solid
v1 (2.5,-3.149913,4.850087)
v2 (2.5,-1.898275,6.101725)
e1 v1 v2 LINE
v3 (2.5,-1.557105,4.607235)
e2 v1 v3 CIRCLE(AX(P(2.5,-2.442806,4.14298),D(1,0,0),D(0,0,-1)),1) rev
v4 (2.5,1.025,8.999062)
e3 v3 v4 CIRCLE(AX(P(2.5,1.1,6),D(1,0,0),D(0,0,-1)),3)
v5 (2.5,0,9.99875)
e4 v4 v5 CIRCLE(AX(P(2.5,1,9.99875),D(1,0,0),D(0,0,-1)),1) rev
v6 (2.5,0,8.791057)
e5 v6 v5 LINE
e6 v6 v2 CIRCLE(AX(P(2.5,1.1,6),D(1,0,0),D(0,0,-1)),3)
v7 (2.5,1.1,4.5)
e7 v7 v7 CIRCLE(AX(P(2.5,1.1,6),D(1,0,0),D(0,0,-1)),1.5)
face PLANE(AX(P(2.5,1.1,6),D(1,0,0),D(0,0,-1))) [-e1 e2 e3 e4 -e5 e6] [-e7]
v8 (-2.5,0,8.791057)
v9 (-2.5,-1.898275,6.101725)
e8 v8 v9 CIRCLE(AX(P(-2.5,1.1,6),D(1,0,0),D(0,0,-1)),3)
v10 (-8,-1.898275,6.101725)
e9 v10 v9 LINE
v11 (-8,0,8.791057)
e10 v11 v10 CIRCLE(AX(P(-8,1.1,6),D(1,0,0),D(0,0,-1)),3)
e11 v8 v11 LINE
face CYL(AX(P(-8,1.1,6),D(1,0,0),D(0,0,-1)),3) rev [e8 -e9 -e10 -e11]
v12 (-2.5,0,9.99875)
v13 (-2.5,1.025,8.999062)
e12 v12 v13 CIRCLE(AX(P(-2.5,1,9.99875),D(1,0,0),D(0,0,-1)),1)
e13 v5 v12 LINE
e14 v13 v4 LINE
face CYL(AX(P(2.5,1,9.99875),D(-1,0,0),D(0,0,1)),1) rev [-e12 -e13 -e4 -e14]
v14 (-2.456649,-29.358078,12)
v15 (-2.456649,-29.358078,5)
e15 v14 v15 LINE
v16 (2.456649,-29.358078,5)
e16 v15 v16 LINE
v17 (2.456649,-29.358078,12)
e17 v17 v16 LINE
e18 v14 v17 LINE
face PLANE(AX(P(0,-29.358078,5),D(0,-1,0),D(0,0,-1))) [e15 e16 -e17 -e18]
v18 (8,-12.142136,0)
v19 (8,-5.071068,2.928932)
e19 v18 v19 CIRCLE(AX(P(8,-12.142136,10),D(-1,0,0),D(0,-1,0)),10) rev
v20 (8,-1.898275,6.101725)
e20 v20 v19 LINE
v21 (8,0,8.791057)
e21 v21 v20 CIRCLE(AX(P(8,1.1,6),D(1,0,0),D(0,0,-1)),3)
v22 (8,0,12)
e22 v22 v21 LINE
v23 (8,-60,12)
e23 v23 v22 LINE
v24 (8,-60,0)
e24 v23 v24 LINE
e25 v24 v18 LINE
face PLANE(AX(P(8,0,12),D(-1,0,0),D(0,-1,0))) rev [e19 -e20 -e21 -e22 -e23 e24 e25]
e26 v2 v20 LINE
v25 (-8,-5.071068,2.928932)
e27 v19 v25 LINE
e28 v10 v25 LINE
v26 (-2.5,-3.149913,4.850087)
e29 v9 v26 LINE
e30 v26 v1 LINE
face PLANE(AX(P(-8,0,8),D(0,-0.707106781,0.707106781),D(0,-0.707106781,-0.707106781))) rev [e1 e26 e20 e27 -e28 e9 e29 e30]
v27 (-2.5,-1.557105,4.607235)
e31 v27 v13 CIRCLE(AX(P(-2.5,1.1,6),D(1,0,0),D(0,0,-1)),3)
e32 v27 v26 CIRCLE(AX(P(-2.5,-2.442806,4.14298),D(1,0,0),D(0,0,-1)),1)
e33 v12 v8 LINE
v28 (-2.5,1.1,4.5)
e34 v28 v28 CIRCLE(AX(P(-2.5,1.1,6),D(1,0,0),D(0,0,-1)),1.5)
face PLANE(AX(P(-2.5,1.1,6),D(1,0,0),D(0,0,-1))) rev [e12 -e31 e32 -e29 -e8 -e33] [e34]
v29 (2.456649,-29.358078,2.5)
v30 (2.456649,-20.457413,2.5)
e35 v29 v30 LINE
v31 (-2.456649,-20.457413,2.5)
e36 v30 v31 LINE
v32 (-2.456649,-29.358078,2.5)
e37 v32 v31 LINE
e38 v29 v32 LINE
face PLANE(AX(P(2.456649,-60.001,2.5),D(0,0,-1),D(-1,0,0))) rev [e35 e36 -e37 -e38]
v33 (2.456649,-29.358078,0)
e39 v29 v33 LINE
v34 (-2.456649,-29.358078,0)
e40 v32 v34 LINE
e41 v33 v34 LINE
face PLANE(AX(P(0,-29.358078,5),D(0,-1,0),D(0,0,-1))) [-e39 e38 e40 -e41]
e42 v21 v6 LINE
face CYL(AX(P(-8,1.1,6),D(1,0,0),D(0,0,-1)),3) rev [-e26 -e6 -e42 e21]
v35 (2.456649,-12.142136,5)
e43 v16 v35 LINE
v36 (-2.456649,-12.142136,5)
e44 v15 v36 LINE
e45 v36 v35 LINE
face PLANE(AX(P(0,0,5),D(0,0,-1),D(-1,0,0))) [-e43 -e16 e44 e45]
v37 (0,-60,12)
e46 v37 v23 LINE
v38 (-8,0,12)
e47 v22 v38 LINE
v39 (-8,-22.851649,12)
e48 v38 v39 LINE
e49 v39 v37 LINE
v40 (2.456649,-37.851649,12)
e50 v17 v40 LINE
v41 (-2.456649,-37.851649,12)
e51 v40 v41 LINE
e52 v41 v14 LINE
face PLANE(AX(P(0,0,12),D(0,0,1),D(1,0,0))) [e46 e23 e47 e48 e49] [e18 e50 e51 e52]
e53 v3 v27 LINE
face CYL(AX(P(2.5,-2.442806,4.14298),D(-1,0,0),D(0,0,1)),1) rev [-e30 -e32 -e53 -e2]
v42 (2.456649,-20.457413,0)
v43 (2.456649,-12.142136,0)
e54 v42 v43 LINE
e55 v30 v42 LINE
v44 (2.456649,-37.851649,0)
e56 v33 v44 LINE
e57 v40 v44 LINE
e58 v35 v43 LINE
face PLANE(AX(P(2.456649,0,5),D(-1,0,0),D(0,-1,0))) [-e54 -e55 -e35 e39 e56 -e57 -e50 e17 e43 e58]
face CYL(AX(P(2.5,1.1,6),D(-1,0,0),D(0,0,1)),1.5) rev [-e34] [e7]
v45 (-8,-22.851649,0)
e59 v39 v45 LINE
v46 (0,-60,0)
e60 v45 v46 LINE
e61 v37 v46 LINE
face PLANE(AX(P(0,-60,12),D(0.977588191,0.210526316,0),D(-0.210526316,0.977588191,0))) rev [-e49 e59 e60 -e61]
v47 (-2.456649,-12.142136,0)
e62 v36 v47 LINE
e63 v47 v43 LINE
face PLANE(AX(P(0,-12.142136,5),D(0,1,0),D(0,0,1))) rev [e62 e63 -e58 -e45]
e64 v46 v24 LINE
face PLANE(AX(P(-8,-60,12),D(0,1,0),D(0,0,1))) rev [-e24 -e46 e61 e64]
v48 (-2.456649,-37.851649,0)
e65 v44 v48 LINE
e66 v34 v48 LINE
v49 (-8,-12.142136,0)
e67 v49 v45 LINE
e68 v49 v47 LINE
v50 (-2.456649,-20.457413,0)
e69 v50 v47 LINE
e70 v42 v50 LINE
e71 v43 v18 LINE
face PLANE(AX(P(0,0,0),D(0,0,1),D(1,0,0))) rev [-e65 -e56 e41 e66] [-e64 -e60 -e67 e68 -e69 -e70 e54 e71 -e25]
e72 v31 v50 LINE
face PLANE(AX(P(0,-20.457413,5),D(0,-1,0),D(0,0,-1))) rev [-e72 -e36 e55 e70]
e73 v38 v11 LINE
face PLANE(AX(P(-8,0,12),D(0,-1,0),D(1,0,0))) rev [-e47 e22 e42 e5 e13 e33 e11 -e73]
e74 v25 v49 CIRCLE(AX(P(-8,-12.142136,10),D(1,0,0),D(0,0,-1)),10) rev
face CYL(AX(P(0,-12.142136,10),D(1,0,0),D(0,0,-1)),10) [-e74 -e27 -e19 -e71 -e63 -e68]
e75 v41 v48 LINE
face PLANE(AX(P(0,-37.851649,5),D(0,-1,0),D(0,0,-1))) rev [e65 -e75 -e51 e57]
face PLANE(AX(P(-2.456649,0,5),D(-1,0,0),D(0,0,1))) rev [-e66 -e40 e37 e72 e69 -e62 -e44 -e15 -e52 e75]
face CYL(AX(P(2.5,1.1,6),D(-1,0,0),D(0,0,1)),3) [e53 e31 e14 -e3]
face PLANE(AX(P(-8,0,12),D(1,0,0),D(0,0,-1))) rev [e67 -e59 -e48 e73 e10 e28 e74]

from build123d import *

# Parameters (mm, degrees)
SKETCH1_W               = 16
SKETCH1_H               = 60
BOSS_EXTRUDE1_DEPTH     = 12
CUT_EXTRUDE1_DEPTH      = 62.708994482
CUT_EXTRUDE1_DEPTH_BACK = 62.708994482
CUT_EXTRUDE3_DEPTH      = 62.708994482
CUT_EXTRUDE3_DEPTH_BACK = 62.708994482
SKETCH4_R               = 3
SKETCH4_R_2             = 1.5
BOSS_EXTRUDE2_DEPTH     = 2.5
FILLET1_R               = 1
CUT_EXTRUDE4_DEPTH      = 62.708994482
FILLET2_R               = 10
SKETCH6_W               = 4.913298596
SKETCH6_H               = 8.315277322
SKETCH6_H_2             = 8.493571251
CUT_EXTRUDE5_DEPTH      = 5
SKETCH7_W               = 4.913298596
SKETCH7_H               = 8.493571251
CUT_EXTRUDE6_DEPTH      = 62.708994482
CUT_EXTRUDE7_REACH      = 44.091
SKETCH8_W               = 4.913298596
SKETCH8_H               = 2.5


with BuildPart() as part:
    # Sketch1 → Boss-Extrude1 (new body)
    with BuildSketch(Plane.XY):
        with Locations((0, -30)):
            Rectangle(SKETCH1_W, SKETCH1_H)
    extrude(amount=BOSS_EXTRUDE1_DEPTH)

    # Sketch2 → Cut-Extrude1 (cut, two sides: drawn at the far end of the back side and taken through both)
    with BuildSketch(Plane(origin=(0, 0, 0), x_dir=(0, 0, -1), z_dir=(1, 0, 0)).offset(-CUT_EXTRUDE1_DEPTH_BACK)):
        Polygon((-8, 0), (0, 0), (0, -8), align=None)
    extrude(amount=CUT_EXTRUDE1_DEPTH + CUT_EXTRUDE1_DEPTH_BACK, mode=Mode.SUBTRACT)

    # Sketch3 → Cut-Extrude3 (cut, two sides: drawn at the far end of the back side and taken through both)
    with BuildSketch(Plane(origin=(0, 0, 0), x_dir=(0, 0, -1), z_dir=(1, 0, 0)).offset(-CUT_EXTRUDE3_DEPTH_BACK)):
        with BuildLine():
            ThreePointArc((-3, 1.1), (-6.559834153, 4.04730143), (-8.791057147, 0))
            Line((-8.791057147, 0), (-7.019803903, 0))
            ThreePointArc((-7.019803903, 0), (-6.600122548, 2.474719218), (-4.5, 1.1))
            ThreePointArc((-4.5, 1.1), (-4.625280782, 0.499877452), (-4.980196097, 0))
            Line((-4.980196097, 0), (-3.208942853, 0))
            ThreePointArc((-3.208942853, 0), (-3.05269857, 0.540165847), (-3, 1.1))
        make_face()
        with BuildLine():
            Line((-7.019803903, 0), (-8.791057147, 0))
            ThreePointArc((-8.791057147, 0), (-6, -1.9), (-3.208942853, 0))
            Line((-3.208942853, 0), (-4.980196097, 0))
            ThreePointArc((-4.980196097, 0), (-6, -0.4), (-7.019803903, 0))
        make_face()
    extrude(amount=CUT_EXTRUDE3_DEPTH + CUT_EXTRUDE3_DEPTH_BACK, mode=Mode.SUBTRACT)

    # Sketch4 → Boss-Extrude2 (add, symmetric)
    with BuildSketch(Plane(origin=(0, 0, 0), x_dir=(0, 0, -1), z_dir=(1, 0, 0))):
        with Locations((-6, 1.1)):
            Circle(SKETCH4_R)
        with Locations((-6, 1.1)):
            Circle(SKETCH4_R_2, mode=Mode.SUBTRACT)
    extrude(amount=BOSS_EXTRUDE2_DEPTH, both=True)

    # Fillet1
    fillet1_edges = [part.edges().sort_by_distance(p)[0] for p in [
        (0, -1.898274836, 6.101725164),
        (0, 0, 8.791057147),
    ]]
    fillet(fillet1_edges, radius=FILLET1_R)

    # Sketch5 → Cut-Extrude4 (cut, through all)
    with BuildSketch(Plane(origin=(0, 0, 0), x_dir=(-1, 0, 0), z_dir=(0, 0, -1))):
        Polygon((0, -60), (8, -22.851648758), (8, -60), align=None)
    extrude(amount=-CUT_EXTRUDE4_DEPTH, mode=Mode.SUBTRACT)

    # Fillet2
    fillet2_edges = [part.edges().sort_by_distance(p)[0] for p in [
        (0, -8, 0),
    ]]
    fillet(fillet2_edges, radius=FILLET2_R)

    # Sketch6 → Cut-Extrude5 (cut)
    with BuildSketch(Plane(origin=(0, 0, 0), x_dir=(-1, 0, 0), z_dir=(0, 0, -1))):
        with Locations((0, -16.299774285)):
            Rectangle(SKETCH6_W, SKETCH6_H)
        with Locations((0, -33.604863133)):
            Rectangle(SKETCH6_W, SKETCH6_H_2)
    extrude(amount=-CUT_EXTRUDE5_DEPTH, mode=Mode.SUBTRACT)

    # Sketch7 → Cut-Extrude6 (cut, through all)
    with BuildSketch(Plane(origin=(0, 0, 0), x_dir=(-1, 0, 0), z_dir=(0, 0, -1))):
        with Locations((0, -33.604863133)):
            Rectangle(SKETCH7_W, SKETCH7_H)
    extrude(amount=-CUT_EXTRUDE6_DEPTH, mode=Mode.SUBTRACT)

    # Sketch8 → Cut-Extrude7 (cut, up to next)
    with BuildSketch(Plane(origin=(0, -20.457412946, 0), x_dir=(1, 0, 0), z_dir=(0, 1, 0)), mode=Mode.PRIVATE) as cut_extrude7_sk1:
        with Locations((0, -3.75)):
            Rectangle(SKETCH8_W, SKETCH8_H)
    cut_extrude7_tool1 = extrude(cut_extrude7_sk1.sketch, amount=-CUT_EXTRUDE7_REACH, mode=Mode.PRIVATE) & part.part
    add(cut_extrude7_tool1.solids().sort_by_distance((0, -20.457413, 3.75))[0], mode=Mode.SUBTRACT)


solid = part.part
